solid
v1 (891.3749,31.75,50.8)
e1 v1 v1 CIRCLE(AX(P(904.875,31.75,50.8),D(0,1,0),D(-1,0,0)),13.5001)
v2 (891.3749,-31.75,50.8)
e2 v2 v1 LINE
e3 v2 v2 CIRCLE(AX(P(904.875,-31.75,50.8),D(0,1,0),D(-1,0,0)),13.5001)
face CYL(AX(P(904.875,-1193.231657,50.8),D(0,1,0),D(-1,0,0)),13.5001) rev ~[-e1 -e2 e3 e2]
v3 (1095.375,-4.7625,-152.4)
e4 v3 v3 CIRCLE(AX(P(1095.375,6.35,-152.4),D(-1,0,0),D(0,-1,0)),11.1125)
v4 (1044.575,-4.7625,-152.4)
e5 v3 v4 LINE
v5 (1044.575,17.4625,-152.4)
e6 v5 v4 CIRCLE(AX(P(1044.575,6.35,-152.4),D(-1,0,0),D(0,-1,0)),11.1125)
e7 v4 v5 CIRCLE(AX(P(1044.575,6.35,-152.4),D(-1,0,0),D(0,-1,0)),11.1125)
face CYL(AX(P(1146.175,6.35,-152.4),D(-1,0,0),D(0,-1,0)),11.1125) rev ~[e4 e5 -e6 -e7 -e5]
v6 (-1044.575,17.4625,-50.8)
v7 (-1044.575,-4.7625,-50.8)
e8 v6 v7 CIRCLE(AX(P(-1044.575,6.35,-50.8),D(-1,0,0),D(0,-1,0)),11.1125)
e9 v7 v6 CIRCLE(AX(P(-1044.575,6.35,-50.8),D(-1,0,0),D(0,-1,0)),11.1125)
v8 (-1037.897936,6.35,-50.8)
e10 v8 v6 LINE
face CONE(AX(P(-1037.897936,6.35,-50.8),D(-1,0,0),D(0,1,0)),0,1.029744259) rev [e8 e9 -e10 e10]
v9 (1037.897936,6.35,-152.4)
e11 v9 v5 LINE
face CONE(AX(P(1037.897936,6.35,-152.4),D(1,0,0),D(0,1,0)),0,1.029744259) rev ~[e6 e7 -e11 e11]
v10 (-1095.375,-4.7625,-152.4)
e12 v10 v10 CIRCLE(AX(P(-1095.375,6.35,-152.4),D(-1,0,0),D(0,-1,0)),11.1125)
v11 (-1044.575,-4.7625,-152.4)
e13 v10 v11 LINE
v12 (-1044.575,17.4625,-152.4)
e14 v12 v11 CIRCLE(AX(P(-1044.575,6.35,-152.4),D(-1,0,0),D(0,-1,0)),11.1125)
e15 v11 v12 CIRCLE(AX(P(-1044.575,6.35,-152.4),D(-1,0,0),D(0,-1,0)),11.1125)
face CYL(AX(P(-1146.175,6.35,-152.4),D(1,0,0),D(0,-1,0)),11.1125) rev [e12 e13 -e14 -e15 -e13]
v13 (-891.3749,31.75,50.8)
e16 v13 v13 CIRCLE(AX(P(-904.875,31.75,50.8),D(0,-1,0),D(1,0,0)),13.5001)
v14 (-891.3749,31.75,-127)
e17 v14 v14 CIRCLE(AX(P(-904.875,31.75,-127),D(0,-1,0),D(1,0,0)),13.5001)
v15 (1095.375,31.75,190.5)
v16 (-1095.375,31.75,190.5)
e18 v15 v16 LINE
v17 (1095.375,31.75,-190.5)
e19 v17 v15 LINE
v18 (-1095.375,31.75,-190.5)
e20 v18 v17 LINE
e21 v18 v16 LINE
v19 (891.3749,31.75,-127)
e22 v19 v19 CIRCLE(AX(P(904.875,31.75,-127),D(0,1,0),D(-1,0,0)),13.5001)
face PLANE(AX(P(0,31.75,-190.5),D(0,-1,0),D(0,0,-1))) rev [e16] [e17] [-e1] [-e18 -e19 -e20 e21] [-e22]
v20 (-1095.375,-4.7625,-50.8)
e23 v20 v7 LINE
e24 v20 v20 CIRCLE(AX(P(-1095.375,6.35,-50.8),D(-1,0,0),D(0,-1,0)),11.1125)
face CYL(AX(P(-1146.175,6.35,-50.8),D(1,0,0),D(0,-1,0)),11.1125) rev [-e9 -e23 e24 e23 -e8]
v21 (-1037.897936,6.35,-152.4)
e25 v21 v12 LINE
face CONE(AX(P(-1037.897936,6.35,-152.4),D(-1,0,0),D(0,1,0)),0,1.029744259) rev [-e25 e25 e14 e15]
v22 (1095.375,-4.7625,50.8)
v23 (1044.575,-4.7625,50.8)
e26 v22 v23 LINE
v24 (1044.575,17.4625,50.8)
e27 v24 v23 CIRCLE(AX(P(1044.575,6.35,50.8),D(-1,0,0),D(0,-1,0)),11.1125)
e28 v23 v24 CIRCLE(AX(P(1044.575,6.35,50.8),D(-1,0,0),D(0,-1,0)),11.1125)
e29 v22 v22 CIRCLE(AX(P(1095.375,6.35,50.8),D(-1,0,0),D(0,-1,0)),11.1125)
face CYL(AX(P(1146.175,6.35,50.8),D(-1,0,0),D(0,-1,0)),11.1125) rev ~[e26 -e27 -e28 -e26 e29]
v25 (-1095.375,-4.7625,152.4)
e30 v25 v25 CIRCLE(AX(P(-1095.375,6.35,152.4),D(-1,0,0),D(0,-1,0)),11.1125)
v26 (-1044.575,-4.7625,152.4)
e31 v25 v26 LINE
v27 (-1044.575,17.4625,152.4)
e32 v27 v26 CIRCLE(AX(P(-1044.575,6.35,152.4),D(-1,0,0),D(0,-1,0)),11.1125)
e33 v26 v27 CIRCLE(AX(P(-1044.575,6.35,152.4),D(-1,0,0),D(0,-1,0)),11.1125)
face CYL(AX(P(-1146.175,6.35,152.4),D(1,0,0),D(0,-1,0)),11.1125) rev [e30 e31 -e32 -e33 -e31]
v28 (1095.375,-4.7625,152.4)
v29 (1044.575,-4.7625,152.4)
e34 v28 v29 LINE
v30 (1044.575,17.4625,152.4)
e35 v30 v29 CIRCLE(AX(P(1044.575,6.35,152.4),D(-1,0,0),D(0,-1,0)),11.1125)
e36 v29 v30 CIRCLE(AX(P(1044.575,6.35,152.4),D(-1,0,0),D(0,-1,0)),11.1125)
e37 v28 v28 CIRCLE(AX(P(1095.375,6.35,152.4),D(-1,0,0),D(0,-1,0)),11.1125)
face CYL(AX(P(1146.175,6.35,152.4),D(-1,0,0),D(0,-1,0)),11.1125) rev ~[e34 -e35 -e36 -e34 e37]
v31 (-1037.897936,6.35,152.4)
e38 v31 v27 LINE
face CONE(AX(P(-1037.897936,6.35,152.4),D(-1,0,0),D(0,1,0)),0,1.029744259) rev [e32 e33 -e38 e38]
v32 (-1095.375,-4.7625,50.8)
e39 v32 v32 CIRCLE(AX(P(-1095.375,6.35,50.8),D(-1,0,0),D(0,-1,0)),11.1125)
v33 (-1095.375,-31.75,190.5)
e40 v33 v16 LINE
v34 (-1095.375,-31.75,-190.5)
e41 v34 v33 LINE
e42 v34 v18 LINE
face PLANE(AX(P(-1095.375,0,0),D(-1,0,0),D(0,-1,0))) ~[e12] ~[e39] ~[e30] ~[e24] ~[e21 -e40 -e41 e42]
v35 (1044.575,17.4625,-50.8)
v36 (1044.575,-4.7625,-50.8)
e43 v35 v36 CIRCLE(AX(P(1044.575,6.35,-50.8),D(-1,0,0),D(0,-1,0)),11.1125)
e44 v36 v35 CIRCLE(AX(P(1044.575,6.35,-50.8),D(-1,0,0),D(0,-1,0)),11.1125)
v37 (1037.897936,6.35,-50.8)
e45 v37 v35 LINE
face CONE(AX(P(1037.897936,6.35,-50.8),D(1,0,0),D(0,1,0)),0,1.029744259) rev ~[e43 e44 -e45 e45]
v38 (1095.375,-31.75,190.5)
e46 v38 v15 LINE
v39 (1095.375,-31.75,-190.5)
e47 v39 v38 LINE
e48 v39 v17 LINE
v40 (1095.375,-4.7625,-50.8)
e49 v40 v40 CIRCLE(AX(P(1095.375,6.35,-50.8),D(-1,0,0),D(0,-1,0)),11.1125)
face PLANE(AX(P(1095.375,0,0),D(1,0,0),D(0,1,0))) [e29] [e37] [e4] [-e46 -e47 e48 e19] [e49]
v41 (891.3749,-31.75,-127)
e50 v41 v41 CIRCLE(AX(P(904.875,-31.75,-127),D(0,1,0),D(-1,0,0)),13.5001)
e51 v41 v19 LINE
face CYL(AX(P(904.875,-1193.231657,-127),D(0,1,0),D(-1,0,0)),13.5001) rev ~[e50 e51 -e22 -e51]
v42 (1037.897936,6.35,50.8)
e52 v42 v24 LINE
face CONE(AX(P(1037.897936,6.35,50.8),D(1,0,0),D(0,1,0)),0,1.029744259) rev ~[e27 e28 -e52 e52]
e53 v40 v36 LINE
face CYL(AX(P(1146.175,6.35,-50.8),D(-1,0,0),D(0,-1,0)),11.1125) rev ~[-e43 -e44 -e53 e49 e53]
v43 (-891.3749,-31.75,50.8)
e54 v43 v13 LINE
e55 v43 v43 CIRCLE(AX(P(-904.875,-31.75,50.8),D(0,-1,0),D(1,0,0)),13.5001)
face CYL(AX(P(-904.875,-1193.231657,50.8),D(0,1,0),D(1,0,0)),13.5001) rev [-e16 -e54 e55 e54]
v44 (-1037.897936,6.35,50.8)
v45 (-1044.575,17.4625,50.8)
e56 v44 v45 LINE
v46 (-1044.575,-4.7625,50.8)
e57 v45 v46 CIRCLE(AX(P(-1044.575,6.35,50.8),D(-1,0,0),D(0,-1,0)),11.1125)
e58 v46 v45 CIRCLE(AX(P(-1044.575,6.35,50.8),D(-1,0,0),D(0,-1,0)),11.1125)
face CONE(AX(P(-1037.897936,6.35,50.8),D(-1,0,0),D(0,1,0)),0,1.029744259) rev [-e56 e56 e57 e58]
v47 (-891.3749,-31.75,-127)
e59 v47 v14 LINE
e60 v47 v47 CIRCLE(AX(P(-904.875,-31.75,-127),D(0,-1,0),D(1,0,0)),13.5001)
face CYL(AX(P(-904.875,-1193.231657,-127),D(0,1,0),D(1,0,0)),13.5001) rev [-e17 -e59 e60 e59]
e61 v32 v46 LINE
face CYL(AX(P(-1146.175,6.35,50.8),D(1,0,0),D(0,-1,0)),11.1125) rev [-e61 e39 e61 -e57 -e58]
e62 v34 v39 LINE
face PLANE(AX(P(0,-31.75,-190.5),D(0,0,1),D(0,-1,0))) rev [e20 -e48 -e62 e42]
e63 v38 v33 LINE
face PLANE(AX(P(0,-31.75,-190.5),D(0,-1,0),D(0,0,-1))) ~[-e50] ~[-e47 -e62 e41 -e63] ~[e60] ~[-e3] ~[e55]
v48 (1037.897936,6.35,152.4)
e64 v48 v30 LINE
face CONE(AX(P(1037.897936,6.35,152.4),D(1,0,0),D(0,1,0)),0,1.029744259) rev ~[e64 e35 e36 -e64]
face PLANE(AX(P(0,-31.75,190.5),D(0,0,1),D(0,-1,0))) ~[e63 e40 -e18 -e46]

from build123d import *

# Parameters (mm, degrees)
F0_W     = 63.5
F0_H     = 381
F1_DEPTH = 1095.375
F3_D     = 22.225
F3_DEPTH = 50.8
F3_TIP   = 6.6770636289
F5_D     = 27.0002


with BuildPart() as f1:
    # F0 (on Right) → F1 (new body)
    with BuildSketch(Plane.YZ):
        Rectangle(F0_W, F0_H)
    extrude(amount=F1_DEPTH)

    # F3
    with Locations(Plane.YZ.offset(1095.375)):
        with Locations((6.35, 152.4), (6.35, 50.8), (6.35, -50.8), (6.35, -152.4)):
            Hole(F3_D / 2, depth=F3_DEPTH)
            with Locations((0, 0, -(F3_DEPTH + F3_TIP / 2))):  # 118° drill point
                Cone(0, F3_D / 2, F3_TIP, mode=Mode.SUBTRACT)

    # F5 (through all)
    with Locations(Plane.XZ.offset(31.75)):
        with Locations((904.875, 50.8), (904.875, -127)):
            Hole(F5_D / 2)

    # F6: F1 across plane


with BuildPart() as f1_1:
    add(f1.part)
    add(f1.part.mirror(Plane.YZ))


solid = f1_1.part
